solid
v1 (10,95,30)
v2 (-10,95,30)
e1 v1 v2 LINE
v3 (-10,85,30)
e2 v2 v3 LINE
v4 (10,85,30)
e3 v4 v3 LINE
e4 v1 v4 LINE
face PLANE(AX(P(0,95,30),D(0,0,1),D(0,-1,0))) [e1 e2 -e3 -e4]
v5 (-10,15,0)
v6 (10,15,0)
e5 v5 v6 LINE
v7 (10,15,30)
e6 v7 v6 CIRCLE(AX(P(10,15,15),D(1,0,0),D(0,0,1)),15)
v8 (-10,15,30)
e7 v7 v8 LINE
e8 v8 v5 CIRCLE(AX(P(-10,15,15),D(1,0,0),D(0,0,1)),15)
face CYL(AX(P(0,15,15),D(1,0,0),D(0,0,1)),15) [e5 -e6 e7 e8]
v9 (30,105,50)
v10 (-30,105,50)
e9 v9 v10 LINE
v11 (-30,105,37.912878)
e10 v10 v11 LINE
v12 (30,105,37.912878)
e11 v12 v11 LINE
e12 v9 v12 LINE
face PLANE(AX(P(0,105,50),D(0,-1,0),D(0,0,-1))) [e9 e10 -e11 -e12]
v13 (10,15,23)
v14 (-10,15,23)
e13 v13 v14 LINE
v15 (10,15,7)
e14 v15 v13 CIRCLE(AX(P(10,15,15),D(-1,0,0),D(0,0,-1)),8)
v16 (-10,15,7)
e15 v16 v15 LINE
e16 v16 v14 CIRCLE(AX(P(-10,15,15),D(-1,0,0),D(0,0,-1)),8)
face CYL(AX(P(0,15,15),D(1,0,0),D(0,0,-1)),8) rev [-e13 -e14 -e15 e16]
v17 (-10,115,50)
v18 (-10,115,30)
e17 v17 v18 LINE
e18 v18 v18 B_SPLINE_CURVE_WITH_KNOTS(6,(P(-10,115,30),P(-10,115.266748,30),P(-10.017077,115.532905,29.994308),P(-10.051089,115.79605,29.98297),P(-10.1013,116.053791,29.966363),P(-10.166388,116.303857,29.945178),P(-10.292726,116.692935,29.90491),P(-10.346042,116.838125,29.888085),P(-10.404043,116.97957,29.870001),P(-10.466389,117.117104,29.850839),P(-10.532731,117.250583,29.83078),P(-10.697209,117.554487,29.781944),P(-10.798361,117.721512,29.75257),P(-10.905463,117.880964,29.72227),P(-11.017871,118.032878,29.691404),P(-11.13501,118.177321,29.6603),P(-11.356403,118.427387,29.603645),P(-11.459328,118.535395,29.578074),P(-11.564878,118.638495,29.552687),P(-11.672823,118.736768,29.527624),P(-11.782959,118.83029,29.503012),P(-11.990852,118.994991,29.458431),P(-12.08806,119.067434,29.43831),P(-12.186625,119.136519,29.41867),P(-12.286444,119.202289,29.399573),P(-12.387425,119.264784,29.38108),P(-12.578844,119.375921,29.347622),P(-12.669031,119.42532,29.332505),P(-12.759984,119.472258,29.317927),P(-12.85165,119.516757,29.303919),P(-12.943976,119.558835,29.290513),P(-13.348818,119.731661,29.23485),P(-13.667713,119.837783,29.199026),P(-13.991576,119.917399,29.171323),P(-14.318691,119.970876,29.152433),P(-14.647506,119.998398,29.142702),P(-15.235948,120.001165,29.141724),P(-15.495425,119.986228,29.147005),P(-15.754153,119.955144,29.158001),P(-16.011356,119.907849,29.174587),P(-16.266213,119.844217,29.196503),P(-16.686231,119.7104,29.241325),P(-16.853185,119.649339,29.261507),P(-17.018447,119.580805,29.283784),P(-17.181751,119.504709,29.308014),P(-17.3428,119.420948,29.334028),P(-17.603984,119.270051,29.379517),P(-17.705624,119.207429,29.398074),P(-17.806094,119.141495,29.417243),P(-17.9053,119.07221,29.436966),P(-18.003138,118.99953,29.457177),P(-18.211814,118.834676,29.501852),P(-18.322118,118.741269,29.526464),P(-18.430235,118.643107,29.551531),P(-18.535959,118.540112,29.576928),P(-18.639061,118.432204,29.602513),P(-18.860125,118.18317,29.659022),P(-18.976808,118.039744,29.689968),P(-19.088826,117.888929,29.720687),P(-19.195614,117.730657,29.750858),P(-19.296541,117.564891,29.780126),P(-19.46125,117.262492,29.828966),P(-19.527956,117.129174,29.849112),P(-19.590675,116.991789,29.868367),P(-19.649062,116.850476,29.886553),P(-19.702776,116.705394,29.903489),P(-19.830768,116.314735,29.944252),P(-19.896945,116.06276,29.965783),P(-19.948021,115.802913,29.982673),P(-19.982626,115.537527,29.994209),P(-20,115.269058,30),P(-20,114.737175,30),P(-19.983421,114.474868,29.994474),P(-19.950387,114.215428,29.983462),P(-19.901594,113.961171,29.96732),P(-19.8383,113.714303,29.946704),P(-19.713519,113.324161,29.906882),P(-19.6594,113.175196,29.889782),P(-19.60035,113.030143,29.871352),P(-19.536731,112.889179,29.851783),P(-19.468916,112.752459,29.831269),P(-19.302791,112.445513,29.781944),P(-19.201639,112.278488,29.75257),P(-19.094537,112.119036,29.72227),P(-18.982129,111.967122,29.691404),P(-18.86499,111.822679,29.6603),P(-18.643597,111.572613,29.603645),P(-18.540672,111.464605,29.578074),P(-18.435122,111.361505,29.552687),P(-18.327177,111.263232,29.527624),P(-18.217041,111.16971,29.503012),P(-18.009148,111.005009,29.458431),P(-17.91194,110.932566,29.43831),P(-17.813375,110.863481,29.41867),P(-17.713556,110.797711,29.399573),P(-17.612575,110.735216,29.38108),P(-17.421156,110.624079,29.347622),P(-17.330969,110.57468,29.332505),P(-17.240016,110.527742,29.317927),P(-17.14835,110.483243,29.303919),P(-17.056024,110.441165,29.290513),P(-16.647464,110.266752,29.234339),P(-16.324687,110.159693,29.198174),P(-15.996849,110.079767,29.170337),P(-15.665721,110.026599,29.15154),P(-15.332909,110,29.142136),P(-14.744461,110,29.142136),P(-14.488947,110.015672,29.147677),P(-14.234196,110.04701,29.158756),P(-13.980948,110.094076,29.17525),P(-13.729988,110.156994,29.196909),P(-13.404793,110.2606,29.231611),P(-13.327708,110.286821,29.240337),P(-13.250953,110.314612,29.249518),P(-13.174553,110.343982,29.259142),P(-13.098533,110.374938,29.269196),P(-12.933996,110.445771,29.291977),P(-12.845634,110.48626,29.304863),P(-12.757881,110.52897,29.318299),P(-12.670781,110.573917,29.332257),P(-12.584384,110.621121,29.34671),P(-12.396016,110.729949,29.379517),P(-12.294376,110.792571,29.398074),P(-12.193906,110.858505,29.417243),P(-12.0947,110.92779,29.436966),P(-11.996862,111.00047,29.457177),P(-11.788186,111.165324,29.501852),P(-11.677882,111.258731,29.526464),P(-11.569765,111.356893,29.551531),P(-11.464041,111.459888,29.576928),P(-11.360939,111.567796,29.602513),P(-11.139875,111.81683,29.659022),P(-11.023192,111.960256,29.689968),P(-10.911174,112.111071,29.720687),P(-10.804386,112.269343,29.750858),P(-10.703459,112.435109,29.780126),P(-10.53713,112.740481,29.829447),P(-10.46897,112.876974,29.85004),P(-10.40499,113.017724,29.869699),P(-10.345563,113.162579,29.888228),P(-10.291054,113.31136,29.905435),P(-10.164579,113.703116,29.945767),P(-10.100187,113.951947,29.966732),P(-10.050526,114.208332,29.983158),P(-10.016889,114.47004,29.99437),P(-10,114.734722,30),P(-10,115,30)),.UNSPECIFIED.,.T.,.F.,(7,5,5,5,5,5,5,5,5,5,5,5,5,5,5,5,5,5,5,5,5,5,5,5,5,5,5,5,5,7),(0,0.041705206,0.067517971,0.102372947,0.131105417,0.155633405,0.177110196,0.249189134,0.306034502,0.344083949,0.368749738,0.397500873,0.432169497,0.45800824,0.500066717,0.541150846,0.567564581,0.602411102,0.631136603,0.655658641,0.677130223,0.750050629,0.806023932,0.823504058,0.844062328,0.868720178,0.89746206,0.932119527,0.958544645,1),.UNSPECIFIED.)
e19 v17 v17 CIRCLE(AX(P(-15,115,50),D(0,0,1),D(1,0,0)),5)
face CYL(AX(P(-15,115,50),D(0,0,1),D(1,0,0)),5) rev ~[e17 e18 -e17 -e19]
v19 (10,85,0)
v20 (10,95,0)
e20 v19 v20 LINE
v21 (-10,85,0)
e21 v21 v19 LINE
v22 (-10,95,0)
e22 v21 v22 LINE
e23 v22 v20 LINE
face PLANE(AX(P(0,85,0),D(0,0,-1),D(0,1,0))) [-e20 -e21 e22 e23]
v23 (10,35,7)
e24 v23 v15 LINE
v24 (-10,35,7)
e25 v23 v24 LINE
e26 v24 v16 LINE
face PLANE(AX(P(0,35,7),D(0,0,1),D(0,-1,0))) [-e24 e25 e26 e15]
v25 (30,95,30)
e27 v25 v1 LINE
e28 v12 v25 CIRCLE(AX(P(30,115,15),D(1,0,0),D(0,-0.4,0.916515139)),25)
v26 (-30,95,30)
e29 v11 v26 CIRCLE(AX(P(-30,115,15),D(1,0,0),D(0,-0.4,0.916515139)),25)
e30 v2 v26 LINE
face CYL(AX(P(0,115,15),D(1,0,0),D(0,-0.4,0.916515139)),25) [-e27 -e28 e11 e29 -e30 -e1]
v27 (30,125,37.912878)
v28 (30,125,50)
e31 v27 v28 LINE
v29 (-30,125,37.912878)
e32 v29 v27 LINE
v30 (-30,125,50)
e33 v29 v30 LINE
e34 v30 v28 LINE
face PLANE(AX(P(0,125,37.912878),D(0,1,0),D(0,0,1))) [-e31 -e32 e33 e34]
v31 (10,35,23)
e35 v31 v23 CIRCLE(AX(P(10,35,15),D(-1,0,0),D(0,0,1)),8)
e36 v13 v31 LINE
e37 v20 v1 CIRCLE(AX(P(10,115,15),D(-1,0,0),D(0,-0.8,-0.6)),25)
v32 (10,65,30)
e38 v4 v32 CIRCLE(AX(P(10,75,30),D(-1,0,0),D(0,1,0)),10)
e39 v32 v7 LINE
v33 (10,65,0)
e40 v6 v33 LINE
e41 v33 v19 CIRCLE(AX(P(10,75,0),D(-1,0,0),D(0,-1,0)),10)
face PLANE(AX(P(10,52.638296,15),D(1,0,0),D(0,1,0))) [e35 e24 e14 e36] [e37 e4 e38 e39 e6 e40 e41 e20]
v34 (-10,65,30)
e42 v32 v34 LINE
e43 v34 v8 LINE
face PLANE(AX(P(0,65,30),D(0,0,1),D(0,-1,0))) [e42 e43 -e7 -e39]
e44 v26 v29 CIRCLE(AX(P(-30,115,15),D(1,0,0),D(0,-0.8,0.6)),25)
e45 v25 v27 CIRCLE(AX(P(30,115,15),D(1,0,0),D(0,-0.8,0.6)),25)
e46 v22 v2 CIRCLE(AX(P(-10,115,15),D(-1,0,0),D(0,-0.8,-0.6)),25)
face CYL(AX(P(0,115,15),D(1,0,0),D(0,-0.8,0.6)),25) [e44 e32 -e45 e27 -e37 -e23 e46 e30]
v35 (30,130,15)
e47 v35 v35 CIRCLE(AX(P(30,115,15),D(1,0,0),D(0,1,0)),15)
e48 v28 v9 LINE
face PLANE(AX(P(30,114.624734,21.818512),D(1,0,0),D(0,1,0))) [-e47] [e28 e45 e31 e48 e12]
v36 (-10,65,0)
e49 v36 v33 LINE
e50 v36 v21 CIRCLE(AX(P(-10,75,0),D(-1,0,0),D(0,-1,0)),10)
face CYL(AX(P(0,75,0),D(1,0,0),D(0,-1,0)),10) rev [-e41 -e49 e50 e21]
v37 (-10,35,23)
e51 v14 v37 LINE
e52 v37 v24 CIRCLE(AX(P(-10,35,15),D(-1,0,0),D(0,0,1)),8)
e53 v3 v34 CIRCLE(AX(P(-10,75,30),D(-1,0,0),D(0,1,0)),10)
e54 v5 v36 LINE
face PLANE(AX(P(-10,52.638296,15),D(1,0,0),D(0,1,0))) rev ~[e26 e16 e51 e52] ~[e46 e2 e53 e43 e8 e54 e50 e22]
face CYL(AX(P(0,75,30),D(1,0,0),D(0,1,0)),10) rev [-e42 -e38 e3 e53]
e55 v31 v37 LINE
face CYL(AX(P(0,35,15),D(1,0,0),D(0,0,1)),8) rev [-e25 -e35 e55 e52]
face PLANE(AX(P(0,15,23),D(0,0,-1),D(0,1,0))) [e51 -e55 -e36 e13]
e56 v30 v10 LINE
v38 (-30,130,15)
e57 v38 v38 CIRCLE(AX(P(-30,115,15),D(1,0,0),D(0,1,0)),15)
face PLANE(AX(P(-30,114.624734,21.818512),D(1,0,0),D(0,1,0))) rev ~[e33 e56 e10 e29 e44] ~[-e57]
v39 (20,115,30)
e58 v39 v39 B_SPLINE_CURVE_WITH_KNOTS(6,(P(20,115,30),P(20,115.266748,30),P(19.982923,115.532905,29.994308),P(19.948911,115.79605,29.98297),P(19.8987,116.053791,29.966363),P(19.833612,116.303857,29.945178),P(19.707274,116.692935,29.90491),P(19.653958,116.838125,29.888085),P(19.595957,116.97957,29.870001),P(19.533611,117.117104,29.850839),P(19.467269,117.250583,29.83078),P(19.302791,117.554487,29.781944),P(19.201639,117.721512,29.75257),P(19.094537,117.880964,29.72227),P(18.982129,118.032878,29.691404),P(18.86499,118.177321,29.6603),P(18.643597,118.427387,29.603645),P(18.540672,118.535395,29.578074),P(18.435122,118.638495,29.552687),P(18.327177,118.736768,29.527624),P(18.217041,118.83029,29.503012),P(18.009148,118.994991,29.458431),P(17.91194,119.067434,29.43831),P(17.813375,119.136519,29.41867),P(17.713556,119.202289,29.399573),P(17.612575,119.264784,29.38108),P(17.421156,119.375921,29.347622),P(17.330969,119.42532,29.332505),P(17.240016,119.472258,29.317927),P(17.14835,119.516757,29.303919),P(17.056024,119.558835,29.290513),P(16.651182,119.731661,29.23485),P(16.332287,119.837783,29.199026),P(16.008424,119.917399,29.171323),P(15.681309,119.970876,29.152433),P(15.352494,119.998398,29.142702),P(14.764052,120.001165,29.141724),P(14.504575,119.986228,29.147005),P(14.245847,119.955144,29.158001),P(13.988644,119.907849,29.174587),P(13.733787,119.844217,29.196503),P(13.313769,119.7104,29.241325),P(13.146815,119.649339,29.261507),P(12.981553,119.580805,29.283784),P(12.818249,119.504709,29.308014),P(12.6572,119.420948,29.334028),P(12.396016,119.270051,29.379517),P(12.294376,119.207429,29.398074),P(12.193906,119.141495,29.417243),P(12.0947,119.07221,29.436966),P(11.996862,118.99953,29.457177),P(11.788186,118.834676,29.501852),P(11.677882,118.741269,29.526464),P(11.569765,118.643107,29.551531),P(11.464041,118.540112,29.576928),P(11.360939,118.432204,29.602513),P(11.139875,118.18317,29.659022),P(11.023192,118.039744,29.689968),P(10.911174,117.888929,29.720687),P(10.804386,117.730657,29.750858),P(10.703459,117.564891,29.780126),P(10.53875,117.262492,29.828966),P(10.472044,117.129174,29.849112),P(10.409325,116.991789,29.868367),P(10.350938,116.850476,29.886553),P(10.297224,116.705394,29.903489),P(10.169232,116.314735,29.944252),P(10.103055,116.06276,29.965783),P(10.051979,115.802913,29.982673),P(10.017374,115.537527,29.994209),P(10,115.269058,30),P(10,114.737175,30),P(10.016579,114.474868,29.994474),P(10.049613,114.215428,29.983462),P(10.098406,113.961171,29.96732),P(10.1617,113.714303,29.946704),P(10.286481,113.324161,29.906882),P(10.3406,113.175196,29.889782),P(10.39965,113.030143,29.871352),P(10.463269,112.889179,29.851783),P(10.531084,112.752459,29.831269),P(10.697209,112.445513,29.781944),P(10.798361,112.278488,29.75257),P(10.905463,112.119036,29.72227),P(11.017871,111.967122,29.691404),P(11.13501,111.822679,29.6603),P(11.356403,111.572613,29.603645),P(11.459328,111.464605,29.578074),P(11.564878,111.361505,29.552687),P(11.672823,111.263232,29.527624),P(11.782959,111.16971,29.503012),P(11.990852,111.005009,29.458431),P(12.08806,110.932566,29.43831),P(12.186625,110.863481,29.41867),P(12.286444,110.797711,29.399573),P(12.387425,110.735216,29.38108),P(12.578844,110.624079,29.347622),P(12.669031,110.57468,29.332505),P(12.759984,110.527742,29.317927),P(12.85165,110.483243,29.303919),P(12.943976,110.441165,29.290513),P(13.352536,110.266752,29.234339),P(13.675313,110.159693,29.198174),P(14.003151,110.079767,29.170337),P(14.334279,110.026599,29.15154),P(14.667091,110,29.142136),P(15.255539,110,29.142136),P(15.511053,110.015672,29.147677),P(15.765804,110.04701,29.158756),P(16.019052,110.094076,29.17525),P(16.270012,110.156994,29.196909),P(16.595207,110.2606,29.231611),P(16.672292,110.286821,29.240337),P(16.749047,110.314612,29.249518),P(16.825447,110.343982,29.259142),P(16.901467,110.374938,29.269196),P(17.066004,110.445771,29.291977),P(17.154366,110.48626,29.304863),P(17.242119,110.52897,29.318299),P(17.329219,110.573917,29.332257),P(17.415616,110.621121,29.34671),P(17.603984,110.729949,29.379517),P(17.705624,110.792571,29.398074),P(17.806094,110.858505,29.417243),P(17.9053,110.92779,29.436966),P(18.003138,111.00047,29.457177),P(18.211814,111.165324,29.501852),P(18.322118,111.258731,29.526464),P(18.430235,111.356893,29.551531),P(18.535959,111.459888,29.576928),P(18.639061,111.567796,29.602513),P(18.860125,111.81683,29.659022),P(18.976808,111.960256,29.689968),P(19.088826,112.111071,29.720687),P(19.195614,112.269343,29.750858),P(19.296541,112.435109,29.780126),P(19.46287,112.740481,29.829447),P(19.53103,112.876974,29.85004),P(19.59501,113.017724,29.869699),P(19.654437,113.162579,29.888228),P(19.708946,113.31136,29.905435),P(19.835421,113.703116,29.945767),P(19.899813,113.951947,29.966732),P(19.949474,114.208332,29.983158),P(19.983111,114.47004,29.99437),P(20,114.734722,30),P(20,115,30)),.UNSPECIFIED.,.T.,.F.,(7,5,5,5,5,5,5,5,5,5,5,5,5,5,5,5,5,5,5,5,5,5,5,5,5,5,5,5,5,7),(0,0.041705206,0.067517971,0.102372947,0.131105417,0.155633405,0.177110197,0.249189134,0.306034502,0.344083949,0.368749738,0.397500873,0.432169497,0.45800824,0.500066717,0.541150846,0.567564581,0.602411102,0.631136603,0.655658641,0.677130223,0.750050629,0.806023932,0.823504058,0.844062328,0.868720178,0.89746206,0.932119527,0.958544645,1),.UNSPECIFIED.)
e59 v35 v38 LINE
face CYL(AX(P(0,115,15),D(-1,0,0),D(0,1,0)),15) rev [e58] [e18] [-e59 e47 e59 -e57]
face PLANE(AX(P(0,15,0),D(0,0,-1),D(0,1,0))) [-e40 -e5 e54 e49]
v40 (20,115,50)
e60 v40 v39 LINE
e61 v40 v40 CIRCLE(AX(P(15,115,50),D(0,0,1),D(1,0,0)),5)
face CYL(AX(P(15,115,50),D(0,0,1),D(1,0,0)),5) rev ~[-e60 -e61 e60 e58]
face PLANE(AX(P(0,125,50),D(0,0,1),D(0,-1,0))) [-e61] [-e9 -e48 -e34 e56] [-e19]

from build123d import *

# Parameters (mm, degrees)
F0_R     = 15
F1_DEPTH = 30
F2_DEPTH = 10
F3_R     = 5
F4_DEPTH = 20.8588644763


with BuildPart() as f1:
    # F0 (on Right) → F1 (new body, symmetric)
    with BuildSketch(Plane.YZ):
        with BuildLine():
            ThreePointArc((95, 30), (90, 15), (95, 0))
            ThreePointArc((95, 0), (134.6047593344, -0.5130078141), (125, 37.9128784748))
            Line((125, 37.9128784748), (125, 50))
            Line((125, 50), (105, 50))
            Line((105, 50), (105, 37.9128784748))
            ThreePointArc((105, 37.9128784748), (99.4869921859, 34.6047593344), (95, 30))
        make_face()
        with Locations((115, 15)):
            Circle(F0_R, mode=Mode.SUBTRACT)
    extrude(amount=F1_DEPTH, both=True)

    # F0 (on Right) → F2 (join, symmetric)
    with BuildSketch(Plane.YZ):
        with BuildLine():
            ThreePointArc((15, 30), (0, 15), (15, 0))
            Line((15, 0), (65, 0))
            ThreePointArc((65, 0), (75, 10), (85, 0))
            Line((85, 0), (95, 0))
            ThreePointArc((95, 0), (90, 15), (95, 30))
            Line((95, 30), (85, 30))
            ThreePointArc((85, 30), (75, 20), (65, 30))
            Line((65, 30), (15, 30))
        make_face()
        with BuildLine():
            ThreePointArc((15, 7), (7, 15), (15, 23))
            Line((15, 23), (35, 23))
            ThreePointArc((35, 23), (43, 15), (35, 7))
            Line((35, 7), (15, 7))
        make_face(mode=Mode.SUBTRACT)
    extrude(amount=F2_DEPTH, both=True)

    # F3 (on face) → F4 (cut, through all)
    with BuildSketch(Plane.XY.offset(50)):
        with Locations((15, 115)):
            Circle(F3_R)
        with Locations((-15, 115)):
            Circle(F3_R)
    extrude(amount=-F4_DEPTH, mode=Mode.SUBTRACT)


solid = f1.part
